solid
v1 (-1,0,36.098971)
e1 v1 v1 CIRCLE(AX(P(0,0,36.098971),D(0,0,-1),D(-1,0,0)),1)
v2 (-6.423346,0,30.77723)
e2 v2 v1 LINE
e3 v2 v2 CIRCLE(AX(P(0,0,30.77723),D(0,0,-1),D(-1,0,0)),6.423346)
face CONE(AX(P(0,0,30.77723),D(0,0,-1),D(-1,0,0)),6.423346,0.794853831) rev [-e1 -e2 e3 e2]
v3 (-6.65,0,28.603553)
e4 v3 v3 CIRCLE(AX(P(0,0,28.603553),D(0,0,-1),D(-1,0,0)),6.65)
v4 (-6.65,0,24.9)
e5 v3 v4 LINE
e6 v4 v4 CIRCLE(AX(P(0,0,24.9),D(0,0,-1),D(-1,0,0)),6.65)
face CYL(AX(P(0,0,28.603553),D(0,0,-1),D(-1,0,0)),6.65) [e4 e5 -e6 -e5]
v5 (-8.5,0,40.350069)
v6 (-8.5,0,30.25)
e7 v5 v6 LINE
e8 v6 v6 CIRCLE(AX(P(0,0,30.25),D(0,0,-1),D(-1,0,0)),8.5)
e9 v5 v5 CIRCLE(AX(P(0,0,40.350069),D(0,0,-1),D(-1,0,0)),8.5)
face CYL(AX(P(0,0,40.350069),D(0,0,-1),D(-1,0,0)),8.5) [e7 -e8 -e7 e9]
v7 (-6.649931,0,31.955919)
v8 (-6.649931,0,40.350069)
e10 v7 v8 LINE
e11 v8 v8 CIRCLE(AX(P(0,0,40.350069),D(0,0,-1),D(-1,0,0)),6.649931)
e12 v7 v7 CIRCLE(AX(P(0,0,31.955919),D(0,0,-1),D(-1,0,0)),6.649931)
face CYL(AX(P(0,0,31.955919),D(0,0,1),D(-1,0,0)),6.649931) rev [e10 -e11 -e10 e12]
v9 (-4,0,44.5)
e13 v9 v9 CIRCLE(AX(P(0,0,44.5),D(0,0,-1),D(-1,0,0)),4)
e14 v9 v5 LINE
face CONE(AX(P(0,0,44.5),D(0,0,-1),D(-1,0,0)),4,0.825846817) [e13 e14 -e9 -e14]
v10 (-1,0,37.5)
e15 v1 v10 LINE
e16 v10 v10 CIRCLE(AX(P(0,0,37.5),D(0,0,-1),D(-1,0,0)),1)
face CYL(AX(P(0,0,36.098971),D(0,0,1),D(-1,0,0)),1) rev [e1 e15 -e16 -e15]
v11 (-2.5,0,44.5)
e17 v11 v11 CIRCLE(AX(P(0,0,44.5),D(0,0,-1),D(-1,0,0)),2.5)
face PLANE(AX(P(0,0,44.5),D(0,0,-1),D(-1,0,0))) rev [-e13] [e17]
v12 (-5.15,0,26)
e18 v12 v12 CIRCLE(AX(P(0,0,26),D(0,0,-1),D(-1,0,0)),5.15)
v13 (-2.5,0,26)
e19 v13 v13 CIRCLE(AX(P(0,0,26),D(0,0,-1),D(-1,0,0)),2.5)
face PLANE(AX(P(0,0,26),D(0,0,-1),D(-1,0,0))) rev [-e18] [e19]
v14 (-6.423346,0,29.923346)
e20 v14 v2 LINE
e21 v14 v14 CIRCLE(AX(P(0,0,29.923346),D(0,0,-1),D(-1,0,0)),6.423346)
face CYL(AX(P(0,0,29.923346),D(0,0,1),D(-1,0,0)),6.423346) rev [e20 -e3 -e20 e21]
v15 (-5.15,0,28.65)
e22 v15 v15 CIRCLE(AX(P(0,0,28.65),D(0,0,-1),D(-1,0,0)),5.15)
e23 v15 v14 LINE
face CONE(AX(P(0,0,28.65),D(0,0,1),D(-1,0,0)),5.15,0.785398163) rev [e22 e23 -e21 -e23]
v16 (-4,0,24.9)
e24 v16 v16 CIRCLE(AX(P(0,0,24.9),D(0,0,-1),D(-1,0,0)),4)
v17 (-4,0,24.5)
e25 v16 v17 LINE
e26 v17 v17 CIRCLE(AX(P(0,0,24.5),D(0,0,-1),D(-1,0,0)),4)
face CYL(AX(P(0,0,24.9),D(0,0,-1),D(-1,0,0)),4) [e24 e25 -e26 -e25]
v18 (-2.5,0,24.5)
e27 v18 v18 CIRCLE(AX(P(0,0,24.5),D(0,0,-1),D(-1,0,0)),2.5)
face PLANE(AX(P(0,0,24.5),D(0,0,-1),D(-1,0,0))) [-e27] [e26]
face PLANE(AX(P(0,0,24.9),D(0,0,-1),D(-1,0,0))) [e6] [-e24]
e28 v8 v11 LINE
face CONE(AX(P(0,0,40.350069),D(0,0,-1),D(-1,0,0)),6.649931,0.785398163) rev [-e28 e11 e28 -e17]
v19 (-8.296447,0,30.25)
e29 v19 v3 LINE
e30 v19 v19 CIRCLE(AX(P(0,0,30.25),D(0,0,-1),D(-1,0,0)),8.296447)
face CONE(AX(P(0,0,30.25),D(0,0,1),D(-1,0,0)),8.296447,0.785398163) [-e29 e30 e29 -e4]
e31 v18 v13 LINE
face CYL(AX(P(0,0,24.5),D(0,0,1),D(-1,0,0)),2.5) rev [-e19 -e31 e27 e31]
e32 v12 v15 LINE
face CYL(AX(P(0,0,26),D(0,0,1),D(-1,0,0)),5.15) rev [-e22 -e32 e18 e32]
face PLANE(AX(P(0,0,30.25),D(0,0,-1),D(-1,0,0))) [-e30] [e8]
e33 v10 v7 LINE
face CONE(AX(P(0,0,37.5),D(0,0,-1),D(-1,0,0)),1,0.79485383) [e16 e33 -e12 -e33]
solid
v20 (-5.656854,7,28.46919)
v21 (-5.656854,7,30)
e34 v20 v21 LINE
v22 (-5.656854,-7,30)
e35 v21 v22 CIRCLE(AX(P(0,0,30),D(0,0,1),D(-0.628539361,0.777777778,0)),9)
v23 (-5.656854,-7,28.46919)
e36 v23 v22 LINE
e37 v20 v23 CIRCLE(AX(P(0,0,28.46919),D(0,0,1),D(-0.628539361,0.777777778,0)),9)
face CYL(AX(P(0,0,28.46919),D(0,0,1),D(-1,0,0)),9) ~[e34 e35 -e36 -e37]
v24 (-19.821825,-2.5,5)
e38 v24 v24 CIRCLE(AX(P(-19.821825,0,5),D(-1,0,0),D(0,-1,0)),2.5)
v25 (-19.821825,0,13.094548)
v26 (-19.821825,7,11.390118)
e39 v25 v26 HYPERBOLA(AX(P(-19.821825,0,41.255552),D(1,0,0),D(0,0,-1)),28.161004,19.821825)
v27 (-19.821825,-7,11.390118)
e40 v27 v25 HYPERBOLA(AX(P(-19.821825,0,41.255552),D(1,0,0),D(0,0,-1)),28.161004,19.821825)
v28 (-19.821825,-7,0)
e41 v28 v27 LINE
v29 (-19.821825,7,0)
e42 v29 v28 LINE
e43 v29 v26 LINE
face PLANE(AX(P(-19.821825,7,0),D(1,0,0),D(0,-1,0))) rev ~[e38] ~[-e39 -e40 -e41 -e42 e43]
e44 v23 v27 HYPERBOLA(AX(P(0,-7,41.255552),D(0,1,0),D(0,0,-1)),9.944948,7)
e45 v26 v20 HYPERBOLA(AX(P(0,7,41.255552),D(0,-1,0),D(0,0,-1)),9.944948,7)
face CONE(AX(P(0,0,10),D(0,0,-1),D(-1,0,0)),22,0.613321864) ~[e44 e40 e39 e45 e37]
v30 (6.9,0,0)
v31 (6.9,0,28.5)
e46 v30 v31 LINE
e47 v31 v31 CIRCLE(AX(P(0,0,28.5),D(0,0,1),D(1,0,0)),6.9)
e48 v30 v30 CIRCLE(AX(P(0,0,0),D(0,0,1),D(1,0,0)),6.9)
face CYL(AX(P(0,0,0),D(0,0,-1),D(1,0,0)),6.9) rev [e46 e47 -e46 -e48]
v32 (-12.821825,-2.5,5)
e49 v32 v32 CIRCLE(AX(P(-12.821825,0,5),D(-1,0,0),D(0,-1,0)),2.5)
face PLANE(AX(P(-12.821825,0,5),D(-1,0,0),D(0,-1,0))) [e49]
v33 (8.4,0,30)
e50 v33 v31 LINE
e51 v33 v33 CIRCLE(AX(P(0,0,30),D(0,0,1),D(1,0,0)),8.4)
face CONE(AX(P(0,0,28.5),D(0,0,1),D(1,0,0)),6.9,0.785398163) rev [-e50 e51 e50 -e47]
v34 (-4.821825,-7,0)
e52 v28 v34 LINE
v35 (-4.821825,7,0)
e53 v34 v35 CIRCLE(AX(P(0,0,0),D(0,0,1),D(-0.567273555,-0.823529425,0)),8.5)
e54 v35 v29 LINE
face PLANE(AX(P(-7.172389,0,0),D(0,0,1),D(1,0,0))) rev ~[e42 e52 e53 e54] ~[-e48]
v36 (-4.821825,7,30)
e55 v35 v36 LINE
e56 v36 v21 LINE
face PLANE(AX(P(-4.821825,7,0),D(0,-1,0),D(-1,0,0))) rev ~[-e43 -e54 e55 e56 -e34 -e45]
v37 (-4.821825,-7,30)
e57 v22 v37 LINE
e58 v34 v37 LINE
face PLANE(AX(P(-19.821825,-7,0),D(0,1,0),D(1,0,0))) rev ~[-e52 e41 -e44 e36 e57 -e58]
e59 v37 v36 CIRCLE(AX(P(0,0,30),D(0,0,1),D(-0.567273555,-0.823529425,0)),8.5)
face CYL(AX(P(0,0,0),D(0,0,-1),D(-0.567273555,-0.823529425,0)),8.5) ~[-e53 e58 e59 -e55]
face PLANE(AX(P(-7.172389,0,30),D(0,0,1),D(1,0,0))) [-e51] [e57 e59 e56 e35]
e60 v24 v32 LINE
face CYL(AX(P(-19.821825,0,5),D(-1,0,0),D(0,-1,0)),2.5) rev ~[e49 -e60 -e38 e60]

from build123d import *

# Parameters (mm, degrees)
F0_R     = 6.9
F1_DEPTH = 30
F2_R     = 2.5
F3_DEPTH = 7
F4_SIZE  = 1.5


with BuildPart() as f1:
    # F0 (on Top) → F1 (new body)
    with BuildSketch(Plane.XY):
        with BuildLine():
            Line((-19.821825, -7), (-4.821825, -7))
            ThreePointArc((-4.821825, -7), (8.5, 0), (-4.821825, 7))
            Line((-4.821825, 7), (-19.821825, 7))
            Line((-19.821825, 7), (-19.821825, -7))
        make_face()
        Circle(F0_R, mode=Mode.SUBTRACT)
    extrude(amount=F1_DEPTH)

    # F2 (on face) → F3 (cut)
    with BuildSketch(Plane(origin=(-19.821825, 0, 0), x_dir=(0, -1, 0), z_dir=(-1, 0, 0))):
        with Locations((0, 5)):
            Circle(F2_R)
    extrude(amount=-F3_DEPTH, mode=Mode.SUBTRACT)

    # F4
    f4_edges = [f1.edges().sort_by_distance(p)[0] for p in [
        (-6.9, 0, 30),
    ]]
    chamfer(f4_edges, length=F4_SIZE)

    # F8 (on Front) → F9 (revolve, cut)
    with BuildSketch(Plane.XZ):
        Polygon((-9, 28.46919), (-9, 31), (-22, 31.653638), (-22, 10), align=None)
    revolve(axis=Axis((0, 0, 22.582859), (0, 0, -1)), mode=Mode.SUBTRACT)


with BuildPart() as f7:
    # F6 (on Front) → F7 (revolve)
    with BuildSketch(Plane.XZ):
        Polygon((-8.296447, 30.25), (-6.65, 28.603553), (-6.65, 24.9), (-4, 24.9), (-4, 24.5), (-2.5, 24.5), (-2.5, 26), (-5.15, 26), (-5.15, 27.333333), (-5.15, 28.65), (-6.423346, 29.923346), (-6.423346, 30.77723), (-1, 36.098971), (-1, 37.5), (-6.649931, 31.955919), (-6.649931, 40.350069), (-2.5, 44.5), (-3.729294, 44.5), (-4, 44.5), (-8.5, 40.350069), (-8.5, 30.25), align=None)
    revolve(axis=Axis((0, 0, 26.077068), (0, 0, -1)))


solid = Compound([f1.part, f7.part])
